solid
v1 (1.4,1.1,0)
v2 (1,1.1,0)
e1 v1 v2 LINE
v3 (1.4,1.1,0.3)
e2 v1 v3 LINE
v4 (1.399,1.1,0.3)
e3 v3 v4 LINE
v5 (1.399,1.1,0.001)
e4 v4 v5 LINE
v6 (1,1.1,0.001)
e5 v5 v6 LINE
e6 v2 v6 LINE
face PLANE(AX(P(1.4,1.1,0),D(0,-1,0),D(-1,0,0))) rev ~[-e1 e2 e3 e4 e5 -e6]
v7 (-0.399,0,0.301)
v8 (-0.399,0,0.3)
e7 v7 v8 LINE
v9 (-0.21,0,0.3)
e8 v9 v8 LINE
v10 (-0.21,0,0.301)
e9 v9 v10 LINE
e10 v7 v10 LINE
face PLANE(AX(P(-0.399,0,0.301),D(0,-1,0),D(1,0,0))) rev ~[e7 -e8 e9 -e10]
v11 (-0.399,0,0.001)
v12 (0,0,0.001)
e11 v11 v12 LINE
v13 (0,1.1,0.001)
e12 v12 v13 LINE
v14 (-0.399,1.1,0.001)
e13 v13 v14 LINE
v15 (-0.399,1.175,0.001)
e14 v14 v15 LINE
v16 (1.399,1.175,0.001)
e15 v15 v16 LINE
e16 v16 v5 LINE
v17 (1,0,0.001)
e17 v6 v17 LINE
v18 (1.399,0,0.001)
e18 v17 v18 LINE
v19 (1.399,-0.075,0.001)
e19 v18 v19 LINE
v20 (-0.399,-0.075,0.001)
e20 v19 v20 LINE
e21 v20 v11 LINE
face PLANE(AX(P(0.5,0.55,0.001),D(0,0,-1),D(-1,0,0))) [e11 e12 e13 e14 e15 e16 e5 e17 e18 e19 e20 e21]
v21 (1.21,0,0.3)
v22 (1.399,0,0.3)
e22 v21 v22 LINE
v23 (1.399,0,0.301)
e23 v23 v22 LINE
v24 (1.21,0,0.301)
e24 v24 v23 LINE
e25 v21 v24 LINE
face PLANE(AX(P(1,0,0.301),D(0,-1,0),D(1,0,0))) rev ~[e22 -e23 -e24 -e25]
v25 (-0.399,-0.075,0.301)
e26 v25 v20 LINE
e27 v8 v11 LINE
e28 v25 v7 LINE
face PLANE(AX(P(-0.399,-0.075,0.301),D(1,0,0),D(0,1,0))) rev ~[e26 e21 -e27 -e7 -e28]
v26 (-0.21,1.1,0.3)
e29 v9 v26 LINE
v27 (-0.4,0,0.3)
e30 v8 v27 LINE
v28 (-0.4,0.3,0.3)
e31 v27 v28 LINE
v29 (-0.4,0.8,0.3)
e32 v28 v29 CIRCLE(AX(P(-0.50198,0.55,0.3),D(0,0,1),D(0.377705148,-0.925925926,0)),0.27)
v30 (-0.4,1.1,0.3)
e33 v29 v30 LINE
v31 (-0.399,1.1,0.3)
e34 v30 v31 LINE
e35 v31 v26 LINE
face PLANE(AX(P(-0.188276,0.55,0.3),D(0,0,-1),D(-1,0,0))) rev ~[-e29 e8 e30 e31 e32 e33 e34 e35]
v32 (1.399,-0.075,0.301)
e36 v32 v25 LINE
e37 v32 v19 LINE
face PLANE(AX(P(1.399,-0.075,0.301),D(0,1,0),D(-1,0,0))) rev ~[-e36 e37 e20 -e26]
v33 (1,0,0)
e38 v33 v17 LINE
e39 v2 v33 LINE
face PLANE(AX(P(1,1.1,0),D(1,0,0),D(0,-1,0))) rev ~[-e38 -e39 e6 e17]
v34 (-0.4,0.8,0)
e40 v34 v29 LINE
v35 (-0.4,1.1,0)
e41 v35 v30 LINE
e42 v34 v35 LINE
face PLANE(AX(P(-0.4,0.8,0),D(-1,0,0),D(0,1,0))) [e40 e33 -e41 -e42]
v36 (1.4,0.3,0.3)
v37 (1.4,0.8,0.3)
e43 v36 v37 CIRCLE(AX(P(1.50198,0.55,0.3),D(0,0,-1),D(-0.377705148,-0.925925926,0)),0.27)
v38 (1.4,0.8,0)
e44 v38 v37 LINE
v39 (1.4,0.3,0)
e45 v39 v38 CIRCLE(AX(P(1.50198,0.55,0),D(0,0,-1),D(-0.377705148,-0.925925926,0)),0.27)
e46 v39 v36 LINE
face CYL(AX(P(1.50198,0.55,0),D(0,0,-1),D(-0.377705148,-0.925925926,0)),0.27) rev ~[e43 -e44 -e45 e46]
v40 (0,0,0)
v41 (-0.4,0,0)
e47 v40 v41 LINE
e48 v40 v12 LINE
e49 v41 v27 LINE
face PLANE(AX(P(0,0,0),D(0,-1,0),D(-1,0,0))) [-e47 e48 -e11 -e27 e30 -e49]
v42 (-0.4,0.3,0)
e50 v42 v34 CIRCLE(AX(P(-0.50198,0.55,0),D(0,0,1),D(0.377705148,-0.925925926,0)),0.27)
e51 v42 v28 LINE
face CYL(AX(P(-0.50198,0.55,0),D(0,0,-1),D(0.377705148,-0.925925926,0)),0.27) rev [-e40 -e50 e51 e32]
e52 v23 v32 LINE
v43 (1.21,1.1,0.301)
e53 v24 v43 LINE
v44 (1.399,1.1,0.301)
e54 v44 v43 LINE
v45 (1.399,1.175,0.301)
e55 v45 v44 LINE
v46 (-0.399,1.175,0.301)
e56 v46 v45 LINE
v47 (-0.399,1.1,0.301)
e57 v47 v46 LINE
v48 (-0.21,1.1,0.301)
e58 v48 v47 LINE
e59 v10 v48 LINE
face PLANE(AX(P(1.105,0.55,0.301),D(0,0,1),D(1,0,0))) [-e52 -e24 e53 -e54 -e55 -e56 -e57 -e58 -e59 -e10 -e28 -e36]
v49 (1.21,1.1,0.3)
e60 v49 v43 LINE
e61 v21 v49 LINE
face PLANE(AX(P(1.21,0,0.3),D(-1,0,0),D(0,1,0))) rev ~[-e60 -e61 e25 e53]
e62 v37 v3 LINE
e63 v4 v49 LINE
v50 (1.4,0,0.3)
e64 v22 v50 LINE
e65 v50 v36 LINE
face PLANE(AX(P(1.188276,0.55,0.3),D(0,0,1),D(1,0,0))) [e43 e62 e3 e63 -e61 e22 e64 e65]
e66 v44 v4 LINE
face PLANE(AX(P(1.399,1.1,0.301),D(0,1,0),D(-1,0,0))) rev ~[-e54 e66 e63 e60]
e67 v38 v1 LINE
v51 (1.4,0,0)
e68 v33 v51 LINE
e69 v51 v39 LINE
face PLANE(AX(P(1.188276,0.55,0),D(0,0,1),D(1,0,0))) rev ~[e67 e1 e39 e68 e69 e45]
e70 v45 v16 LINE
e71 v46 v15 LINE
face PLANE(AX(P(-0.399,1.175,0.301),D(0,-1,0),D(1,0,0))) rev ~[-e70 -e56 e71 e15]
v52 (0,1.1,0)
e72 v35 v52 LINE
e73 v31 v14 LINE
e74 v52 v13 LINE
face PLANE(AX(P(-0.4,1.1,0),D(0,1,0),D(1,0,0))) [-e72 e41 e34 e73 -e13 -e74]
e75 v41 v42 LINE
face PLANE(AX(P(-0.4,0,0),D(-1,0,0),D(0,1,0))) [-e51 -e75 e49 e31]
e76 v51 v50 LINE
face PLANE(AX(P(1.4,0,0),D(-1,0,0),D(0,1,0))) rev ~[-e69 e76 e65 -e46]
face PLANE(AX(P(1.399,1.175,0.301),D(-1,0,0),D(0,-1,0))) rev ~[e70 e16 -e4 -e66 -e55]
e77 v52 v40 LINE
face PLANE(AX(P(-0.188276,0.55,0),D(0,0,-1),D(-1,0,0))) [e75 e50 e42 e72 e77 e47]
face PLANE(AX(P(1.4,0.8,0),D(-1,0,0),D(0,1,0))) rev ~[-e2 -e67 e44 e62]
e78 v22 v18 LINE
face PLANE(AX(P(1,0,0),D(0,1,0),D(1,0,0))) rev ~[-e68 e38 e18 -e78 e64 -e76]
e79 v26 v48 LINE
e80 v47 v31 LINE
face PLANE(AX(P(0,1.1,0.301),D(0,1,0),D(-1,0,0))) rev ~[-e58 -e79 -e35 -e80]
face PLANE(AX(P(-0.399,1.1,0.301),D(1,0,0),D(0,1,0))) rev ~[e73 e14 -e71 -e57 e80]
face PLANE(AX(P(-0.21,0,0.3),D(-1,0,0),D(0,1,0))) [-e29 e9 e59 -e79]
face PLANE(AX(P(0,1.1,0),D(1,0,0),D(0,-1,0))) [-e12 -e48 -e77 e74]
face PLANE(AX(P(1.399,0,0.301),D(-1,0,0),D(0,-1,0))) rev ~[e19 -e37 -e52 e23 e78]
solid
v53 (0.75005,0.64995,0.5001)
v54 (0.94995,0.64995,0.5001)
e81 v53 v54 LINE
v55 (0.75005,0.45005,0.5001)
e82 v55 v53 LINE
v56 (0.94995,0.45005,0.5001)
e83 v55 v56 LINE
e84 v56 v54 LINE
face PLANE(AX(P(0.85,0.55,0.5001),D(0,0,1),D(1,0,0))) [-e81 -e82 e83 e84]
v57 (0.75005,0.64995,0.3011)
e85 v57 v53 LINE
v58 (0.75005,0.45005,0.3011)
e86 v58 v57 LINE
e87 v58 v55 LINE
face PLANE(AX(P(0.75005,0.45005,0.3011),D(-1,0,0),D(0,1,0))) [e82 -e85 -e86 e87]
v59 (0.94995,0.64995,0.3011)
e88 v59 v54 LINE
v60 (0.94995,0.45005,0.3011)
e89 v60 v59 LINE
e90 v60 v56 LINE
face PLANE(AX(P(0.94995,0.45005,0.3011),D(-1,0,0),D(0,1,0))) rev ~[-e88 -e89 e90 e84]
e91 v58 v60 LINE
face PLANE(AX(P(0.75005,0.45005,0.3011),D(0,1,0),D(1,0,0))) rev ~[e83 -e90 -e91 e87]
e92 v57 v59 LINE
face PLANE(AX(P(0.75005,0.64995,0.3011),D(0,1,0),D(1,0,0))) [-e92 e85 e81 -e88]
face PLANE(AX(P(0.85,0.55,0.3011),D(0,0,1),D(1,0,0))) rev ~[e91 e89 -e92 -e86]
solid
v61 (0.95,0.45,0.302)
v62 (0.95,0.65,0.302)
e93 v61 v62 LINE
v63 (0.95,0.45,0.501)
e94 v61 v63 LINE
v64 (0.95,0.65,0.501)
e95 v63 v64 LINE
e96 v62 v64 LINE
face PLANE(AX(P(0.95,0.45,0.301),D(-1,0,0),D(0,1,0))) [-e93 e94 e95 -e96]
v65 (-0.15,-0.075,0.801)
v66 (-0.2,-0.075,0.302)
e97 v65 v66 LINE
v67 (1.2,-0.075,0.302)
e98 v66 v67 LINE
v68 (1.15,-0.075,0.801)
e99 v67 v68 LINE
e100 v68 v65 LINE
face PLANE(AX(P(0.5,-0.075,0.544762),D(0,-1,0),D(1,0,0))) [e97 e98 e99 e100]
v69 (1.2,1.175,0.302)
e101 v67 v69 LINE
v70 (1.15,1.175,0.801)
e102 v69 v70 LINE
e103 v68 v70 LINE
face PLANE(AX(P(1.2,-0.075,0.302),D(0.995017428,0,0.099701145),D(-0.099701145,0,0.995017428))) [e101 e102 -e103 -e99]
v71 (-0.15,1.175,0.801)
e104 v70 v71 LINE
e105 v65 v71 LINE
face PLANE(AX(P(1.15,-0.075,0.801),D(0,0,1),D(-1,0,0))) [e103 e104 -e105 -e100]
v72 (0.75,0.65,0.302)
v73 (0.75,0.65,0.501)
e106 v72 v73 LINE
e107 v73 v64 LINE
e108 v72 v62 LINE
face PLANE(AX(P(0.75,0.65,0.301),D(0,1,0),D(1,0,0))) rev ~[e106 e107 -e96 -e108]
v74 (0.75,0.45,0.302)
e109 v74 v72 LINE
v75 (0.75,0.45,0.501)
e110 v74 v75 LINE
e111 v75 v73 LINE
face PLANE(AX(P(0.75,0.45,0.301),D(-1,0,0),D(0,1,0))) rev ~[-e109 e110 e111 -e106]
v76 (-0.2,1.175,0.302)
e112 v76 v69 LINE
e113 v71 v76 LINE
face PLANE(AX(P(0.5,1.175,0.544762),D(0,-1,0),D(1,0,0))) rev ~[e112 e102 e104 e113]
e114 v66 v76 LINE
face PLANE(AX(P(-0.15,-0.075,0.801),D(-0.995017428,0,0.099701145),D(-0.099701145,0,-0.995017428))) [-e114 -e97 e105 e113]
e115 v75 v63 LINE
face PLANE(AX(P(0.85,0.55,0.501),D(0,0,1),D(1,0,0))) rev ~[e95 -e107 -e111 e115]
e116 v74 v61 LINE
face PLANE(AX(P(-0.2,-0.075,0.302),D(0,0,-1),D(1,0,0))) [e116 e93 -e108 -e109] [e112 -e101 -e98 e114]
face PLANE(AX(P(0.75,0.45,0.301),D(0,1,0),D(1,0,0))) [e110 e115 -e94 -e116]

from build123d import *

# Parameters (mm, degrees)
EXTRUDE1_DEPTH   = 0.3
EXTRUDE1_2_DEPTH = 0.3
EXTRUDE2_START   = 0.001
EXTRUDE2_DEPTH   = 0.3
EXTRUDE3_DEPTH   = 1.25
SKETCH4_W        = 0.2
SKETCH4_H        = 0.2
EXTRUDE4_DEPTH   = 0.2
EXTRUDE5_START   = 0.0001
SKETCH5_W        = 0.1999
SKETCH5_H        = 0.1999
EXTRUDE5_DEPTH   = 0.199
SKETCH6_W        = 0.21
SKETCH6_H        = 1.1
EXTRUDE6_DEPTH   = 0.001


with BuildPart() as part:
    # Sketch1 → Extrude1 (new body)
    with BuildSketch(Plane.XY):
        with BuildLine():
            Line((0, 0), (-0.4, 0))
            Line((-0.4, 0), (-0.4, 0.3))
            ThreePointArc((-0.4, 0.3), (-0.23198039, 0.55), (-0.4, 0.8))
            Line((-0.4, 0.8), (-0.4, 1.1))
            Line((-0.4, 1.1), (0, 1.1))
            Line((0, 1.1), (0, 0))
        make_face()
    extrude(amount=EXTRUDE1_DEPTH)



with BuildPart() as body_2:
    # Sketch1 → Extrude1 2 (new body)
    with BuildSketch(Plane.XY):
        with BuildLine():
            Line((1, 0), (1.4, 0))
            Line((1.4, 0), (1.4, 0.3))
            ThreePointArc((1.4, 0.3), (1.23198039, 0.55), (1.4, 0.8))
            Line((1.4, 0.8), (1.4, 1.1))
            Line((1.4, 1.1), (1, 1.1))
            Line((1, 1.1), (1, 0))
        make_face()
    extrude(amount=EXTRUDE1_2_DEPTH)


with BuildPart() as body_3:
    # Sketch2 → Extrude2 (new body)
    with BuildSketch(Plane.XY.offset(0.3).offset(EXTRUDE2_START)):
        Polygon((-0.399, 1.1), (-0.399, 1.175), (1.399, 1.175), (1.399, 1.1), (1, 1.1), (1, 0), (1.399, 0), (1.399, -0.075), (-0.399, -0.075), (-0.399, 0), (0, 0), (0, 1.1), align=None)
    extrude(amount=-EXTRUDE2_DEPTH)


with BuildPart() as body_4:
    # Sketch3 → Extrude3 (new body)
    with BuildSketch(Plane.XZ.offset(0.075)):
        Polygon((-0.2, 0.302), (1.2, 0.302), (1.15, 0.801), (-0.15, 0.801), align=None)
    extrude(amount=-EXTRUDE3_DEPTH)

    # Sketch4 → Extrude4 (cut)
    with BuildSketch(Plane.XY.offset(0.301)):
        with Locations((0.85, 0.55)):
            Rectangle(SKETCH4_W, SKETCH4_H)
    extrude(amount=EXTRUDE4_DEPTH, mode=Mode.SUBTRACT)


with BuildPart() as body_5:
    # Sketch5 → Extrude5 (new body)
    with BuildSketch(Plane.XY.offset(0.301).offset(EXTRUDE5_START)):
        with Locations((0.85, 0.55)):
            Rectangle(SKETCH5_W, SKETCH5_H)
    extrude(amount=EXTRUDE5_DEPTH)


with BuildPart() as part_1:
    add(part.part)

    add(body_2.part)  # Extrude6 merges body 2

    add(body_3.part)  # Extrude6 merges body 3
    # Sketch6 → Extrude6 (add)
    with BuildSketch(Plane.XY.offset(0.3)):
        with Locations((1.105, 0.55)):
            Rectangle(SKETCH6_W, SKETCH6_H)
        with Locations((-0.105, 0.55)):
            Rectangle(SKETCH6_W, SKETCH6_H)
    extrude(amount=EXTRUDE6_DEPTH)


solid = Compound([body_4.part, body_5.part, part_1.part])
